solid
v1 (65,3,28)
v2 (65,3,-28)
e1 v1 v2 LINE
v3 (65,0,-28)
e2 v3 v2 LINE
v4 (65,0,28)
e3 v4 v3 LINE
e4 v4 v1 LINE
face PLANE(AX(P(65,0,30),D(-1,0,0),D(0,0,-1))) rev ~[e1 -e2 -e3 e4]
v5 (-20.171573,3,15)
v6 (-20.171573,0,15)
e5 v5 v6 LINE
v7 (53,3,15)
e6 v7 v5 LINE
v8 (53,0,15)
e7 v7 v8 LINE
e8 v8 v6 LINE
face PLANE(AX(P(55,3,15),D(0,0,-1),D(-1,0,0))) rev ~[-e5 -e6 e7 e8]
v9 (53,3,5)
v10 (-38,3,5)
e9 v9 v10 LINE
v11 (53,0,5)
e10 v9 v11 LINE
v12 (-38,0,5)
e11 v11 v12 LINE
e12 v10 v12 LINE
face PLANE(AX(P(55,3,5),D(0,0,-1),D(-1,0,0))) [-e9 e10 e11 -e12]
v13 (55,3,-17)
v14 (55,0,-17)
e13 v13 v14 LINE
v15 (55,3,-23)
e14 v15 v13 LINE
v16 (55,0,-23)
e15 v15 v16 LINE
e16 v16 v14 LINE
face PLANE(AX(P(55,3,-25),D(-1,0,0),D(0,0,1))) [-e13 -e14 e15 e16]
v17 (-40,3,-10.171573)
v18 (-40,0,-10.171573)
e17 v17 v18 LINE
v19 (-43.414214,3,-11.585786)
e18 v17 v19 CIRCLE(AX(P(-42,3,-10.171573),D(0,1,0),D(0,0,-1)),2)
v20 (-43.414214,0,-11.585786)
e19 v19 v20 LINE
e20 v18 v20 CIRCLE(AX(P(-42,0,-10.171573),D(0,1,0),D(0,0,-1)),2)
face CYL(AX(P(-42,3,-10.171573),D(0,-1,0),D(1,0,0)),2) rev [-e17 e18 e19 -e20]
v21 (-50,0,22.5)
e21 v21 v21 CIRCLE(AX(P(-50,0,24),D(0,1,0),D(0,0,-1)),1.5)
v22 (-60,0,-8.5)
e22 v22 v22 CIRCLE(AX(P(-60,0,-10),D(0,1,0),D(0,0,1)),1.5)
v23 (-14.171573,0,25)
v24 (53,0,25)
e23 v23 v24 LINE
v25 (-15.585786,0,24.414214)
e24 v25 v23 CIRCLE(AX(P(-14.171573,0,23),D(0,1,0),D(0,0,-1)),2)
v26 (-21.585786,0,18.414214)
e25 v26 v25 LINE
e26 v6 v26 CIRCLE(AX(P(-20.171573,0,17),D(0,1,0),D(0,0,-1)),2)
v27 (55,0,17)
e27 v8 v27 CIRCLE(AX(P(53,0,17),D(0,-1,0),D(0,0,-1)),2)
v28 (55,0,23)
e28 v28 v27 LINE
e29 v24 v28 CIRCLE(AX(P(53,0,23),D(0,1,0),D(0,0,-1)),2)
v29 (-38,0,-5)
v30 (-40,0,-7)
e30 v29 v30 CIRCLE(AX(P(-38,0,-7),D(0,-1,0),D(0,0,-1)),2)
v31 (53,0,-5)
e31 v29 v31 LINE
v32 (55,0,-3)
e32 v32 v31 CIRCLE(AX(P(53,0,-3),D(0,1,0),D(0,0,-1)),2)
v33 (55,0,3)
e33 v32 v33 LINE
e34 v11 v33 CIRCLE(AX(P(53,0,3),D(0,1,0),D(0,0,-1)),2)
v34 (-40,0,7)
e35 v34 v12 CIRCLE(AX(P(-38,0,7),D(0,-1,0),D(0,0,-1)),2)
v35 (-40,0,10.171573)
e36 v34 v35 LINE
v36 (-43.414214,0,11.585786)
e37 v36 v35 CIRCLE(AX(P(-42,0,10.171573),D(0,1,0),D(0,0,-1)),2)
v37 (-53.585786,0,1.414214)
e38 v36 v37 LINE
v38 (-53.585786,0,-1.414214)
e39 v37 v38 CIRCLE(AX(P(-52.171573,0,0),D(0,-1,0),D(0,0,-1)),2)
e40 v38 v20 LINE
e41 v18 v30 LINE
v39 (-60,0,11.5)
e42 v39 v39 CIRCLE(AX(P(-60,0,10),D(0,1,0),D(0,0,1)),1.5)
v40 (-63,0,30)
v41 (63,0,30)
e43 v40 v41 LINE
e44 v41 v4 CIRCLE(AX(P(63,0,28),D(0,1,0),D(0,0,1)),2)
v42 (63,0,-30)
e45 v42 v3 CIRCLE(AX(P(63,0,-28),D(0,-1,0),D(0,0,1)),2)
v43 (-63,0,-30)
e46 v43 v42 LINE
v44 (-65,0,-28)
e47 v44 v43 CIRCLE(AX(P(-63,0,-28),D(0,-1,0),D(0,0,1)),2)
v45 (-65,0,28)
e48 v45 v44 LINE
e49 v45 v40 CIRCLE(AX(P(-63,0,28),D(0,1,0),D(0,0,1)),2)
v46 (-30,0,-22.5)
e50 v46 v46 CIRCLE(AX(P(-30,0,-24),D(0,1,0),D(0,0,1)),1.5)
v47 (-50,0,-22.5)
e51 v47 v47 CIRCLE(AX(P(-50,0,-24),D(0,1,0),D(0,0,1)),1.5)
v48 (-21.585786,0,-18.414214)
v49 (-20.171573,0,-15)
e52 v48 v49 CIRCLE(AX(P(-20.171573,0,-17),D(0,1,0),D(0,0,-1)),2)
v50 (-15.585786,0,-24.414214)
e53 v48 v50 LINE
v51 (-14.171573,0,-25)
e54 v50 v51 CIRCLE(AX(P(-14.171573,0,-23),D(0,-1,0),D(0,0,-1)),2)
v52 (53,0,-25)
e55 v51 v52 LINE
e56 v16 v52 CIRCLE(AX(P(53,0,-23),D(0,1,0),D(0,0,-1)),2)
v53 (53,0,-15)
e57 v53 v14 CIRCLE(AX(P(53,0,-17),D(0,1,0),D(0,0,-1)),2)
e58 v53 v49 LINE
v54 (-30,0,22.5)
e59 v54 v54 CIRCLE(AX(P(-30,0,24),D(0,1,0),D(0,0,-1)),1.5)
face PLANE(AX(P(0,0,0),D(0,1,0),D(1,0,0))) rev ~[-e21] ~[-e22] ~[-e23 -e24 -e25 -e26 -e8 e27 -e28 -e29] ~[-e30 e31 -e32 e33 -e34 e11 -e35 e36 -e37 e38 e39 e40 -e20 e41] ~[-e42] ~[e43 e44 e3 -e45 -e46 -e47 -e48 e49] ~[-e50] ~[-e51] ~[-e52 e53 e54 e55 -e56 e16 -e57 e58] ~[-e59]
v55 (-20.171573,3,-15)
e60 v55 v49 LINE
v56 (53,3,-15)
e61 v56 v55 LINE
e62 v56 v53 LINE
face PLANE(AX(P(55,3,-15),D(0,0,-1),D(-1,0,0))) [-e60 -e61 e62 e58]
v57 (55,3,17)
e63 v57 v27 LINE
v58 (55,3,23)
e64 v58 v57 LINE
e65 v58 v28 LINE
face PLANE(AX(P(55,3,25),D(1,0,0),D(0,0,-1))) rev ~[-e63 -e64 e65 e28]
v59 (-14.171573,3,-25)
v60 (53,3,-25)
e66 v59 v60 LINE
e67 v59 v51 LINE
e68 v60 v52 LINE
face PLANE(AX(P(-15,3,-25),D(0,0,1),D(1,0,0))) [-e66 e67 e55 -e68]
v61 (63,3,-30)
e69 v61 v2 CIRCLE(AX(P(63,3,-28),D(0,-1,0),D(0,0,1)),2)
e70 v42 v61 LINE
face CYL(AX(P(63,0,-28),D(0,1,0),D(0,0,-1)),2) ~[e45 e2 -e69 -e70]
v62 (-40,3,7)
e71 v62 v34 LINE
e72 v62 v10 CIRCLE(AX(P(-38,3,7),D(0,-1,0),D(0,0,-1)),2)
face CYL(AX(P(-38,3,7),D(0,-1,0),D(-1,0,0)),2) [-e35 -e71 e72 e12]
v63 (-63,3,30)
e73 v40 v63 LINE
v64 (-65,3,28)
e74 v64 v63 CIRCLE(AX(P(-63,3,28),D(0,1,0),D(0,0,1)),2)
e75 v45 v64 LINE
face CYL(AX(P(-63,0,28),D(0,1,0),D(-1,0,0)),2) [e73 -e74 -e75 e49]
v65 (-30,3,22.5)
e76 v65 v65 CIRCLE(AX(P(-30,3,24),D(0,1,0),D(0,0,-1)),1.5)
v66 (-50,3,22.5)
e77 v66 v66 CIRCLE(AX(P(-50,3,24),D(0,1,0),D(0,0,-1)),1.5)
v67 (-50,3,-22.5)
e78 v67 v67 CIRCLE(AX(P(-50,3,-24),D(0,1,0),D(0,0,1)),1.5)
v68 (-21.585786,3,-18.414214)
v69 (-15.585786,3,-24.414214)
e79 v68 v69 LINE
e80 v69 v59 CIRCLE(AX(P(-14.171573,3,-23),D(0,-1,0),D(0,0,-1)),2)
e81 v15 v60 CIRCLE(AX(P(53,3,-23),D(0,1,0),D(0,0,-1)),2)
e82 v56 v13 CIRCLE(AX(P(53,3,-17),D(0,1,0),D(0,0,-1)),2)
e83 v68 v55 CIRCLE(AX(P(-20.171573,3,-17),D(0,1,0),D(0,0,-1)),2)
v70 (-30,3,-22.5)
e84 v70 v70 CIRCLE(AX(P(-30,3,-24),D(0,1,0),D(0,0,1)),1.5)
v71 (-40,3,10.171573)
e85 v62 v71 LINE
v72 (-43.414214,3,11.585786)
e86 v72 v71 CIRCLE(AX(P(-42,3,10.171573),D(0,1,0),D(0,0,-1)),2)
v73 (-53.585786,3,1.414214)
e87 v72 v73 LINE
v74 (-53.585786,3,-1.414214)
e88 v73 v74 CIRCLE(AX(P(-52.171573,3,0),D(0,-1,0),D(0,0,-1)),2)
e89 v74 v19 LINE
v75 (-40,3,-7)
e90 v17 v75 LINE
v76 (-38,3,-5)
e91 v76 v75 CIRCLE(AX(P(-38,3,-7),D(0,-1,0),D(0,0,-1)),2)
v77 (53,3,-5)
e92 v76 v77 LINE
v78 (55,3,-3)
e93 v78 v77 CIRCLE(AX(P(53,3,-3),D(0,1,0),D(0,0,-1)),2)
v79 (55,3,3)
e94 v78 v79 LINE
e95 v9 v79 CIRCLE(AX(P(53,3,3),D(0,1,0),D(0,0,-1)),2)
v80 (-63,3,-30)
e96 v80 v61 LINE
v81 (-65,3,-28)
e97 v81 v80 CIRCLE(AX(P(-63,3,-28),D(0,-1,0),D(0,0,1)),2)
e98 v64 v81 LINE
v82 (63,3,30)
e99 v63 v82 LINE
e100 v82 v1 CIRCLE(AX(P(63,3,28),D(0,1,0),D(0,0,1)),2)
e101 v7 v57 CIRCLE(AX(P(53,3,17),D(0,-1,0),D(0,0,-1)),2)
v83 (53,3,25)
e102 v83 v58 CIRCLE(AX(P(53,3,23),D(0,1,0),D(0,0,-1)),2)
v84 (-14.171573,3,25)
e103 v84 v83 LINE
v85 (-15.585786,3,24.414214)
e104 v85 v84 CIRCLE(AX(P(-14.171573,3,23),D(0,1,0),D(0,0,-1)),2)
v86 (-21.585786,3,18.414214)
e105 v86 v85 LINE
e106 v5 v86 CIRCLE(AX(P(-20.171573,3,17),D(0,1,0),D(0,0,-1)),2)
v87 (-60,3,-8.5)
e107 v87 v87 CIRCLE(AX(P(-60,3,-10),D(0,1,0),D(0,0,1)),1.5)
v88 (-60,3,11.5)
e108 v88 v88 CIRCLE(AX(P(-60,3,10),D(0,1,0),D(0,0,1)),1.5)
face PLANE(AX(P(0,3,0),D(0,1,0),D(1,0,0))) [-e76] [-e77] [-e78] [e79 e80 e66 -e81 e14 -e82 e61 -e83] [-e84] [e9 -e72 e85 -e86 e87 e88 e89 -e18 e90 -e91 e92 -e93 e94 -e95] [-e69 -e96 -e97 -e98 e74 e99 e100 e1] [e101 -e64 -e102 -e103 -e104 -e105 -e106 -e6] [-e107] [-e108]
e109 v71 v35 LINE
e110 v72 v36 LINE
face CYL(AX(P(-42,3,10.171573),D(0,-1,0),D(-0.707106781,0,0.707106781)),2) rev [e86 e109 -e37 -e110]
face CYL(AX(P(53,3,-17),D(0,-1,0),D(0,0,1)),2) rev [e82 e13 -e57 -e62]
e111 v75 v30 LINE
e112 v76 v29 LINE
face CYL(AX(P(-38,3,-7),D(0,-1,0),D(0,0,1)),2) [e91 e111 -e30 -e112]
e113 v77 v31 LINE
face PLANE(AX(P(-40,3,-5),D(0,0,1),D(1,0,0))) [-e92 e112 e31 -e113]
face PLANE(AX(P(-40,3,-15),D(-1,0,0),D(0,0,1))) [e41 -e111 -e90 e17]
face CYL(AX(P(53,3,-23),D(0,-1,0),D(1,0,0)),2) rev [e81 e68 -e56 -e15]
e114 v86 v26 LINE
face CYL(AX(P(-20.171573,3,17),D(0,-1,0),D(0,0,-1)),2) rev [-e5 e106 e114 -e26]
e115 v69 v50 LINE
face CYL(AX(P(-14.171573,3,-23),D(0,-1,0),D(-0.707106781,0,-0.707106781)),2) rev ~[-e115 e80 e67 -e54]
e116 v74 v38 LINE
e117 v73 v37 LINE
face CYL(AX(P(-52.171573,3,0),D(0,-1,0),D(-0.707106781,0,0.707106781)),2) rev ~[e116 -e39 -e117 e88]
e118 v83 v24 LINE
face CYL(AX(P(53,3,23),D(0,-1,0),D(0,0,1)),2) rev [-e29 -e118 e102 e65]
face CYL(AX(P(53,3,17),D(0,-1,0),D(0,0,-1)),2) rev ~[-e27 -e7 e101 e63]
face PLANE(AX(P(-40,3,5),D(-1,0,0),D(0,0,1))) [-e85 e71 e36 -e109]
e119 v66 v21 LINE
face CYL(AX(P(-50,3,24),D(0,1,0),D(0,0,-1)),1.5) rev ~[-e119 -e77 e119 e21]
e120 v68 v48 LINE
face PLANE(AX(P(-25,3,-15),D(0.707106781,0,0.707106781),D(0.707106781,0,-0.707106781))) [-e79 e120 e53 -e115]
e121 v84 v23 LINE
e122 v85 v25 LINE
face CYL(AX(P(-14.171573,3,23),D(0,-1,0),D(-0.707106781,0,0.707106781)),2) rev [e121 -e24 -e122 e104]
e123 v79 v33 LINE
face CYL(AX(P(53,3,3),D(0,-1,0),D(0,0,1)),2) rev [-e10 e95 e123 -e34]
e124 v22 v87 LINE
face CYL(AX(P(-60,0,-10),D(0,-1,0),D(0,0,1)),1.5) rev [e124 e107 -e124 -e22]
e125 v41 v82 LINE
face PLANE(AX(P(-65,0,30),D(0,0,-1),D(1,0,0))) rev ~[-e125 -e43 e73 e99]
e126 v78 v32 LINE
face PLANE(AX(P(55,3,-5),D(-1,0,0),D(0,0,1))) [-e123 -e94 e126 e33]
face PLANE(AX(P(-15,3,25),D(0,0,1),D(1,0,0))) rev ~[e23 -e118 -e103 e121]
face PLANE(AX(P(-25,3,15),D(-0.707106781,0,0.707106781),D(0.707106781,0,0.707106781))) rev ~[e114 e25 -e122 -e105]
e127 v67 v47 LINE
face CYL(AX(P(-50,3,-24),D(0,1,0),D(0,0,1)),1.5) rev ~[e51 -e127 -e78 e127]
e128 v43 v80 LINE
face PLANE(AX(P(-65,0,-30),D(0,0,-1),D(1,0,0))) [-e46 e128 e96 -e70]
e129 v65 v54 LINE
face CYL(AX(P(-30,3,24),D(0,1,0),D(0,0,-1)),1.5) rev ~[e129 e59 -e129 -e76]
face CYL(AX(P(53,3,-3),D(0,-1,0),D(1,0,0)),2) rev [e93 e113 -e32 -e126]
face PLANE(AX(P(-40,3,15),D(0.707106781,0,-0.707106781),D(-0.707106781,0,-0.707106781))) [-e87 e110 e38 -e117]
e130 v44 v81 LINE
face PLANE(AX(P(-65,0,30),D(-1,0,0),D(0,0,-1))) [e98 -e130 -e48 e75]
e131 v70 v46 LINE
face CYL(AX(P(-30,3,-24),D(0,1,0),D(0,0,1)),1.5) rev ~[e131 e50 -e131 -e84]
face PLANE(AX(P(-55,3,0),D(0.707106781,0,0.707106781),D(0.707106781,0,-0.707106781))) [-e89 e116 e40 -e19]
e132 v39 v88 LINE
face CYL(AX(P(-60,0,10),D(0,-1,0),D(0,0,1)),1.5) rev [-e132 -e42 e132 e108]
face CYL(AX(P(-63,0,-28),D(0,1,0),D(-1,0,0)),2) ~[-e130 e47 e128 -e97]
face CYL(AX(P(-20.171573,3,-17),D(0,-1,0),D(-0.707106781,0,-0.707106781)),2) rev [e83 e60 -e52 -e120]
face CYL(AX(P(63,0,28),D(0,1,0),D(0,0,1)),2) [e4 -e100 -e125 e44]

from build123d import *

# Parameters (mm, degrees)
SKETCH_1_W          = 130
SKETCH_1_H          = 60
SKETCH_1_R          = 1.5
EXTRUDE_1_DEPTH     = 3
SKETCH_2_R          = 1.5
CUT_EXTRUDE_1_DEPTH = 72.651936471
CUT_EXTRUDE_2_DEPTH = 72.651936471
FILLET_1_R          = 2


with BuildPart() as part:
    # 草图1 → 凸台-拉伸1 (new body)
    with BuildSketch(Plane(origin=(0, 0, 0), x_dir=(1, 0, 0), z_dir=(0, 1, 0))):
        Rectangle(SKETCH_1_W, SKETCH_1_H)
        with Locations(Location((-60, 10, 0), (0, 0, 270))):
            Circle(SKETCH_1_R, mode=Mode.SUBTRACT)
        with Locations(Location((-60, -10, 0), (0, 0, 270))):
            Circle(SKETCH_1_R, mode=Mode.SUBTRACT)
    extrude(amount=EXTRUDE_1_DEPTH)

    # 草图2 → 切除-拉伸1 (cut, through all)
    with BuildSketch(Plane(origin=(0, 3, 0), x_dir=(1, 0, 0), z_dir=(0, 1, 0))):
        with Locations(Location((-30, 24, 0), (0, 0, 270))):
            Circle(SKETCH_2_R)
        with Locations(Location((-50, 24, 0), (0, 0, 270))):
            Circle(SKETCH_2_R)
        with Locations(Location((-50, -24, 0), (0, 0, 90))):
            Circle(SKETCH_2_R)
        with Locations(Location((-30, -24, 0), (0, 0, 90))):
            Circle(SKETCH_2_R)
    extrude(amount=-CUT_EXTRUDE_1_DEPTH, mode=Mode.SUBTRACT)

    # 草图3 → 切除-拉伸2 (cut, through all)
    with BuildSketch(Plane(origin=(0, 3, 0), x_dir=(1, 0, 0), z_dir=(0, 1, 0))):
        Polygon((-55, 0), (-40, 15), (-40, 5), (55, 5), (55, -5), (-40, -5), (-40, -15), align=None)
        Polygon((-15, 25), (55, 25), (55, 15), (-25, 15), align=None)
        Polygon((55, -15), (-25, -15), (-15, -25), (55, -25), align=None)
    extrude(amount=-CUT_EXTRUDE_2_DEPTH, mode=Mode.SUBTRACT)

    # 圆角1
    fillet_1_edges = [part.edges().sort_by_distance(p)[0] for p in [
        (55, 1.5, 15),
        (55, 1.5, 25),
        (-15, 1.5, 25),
        (-25, 1.5, 15),
        (-25, 1.5, -15),
        (-15, 1.5, -25),
        (55, 1.5, -25),
        (55, 1.5, -15),
        (-40, 1.5, 15),
        (-55, 1.5, 0),
        (-40, 1.5, -15),
        (-40, 1.5, -5),
        (55, 1.5, -5),
        (55, 1.5, 5),
        (-40, 1.5, 5),
        (65, 1.5, 30),
        (-65, 1.5, 30),
        (-65, 1.5, -30),
        (65, 1.5, -30),
    ]]
    fillet(fillet_1_edges, radius=FILLET_1_R)


solid = part.part
